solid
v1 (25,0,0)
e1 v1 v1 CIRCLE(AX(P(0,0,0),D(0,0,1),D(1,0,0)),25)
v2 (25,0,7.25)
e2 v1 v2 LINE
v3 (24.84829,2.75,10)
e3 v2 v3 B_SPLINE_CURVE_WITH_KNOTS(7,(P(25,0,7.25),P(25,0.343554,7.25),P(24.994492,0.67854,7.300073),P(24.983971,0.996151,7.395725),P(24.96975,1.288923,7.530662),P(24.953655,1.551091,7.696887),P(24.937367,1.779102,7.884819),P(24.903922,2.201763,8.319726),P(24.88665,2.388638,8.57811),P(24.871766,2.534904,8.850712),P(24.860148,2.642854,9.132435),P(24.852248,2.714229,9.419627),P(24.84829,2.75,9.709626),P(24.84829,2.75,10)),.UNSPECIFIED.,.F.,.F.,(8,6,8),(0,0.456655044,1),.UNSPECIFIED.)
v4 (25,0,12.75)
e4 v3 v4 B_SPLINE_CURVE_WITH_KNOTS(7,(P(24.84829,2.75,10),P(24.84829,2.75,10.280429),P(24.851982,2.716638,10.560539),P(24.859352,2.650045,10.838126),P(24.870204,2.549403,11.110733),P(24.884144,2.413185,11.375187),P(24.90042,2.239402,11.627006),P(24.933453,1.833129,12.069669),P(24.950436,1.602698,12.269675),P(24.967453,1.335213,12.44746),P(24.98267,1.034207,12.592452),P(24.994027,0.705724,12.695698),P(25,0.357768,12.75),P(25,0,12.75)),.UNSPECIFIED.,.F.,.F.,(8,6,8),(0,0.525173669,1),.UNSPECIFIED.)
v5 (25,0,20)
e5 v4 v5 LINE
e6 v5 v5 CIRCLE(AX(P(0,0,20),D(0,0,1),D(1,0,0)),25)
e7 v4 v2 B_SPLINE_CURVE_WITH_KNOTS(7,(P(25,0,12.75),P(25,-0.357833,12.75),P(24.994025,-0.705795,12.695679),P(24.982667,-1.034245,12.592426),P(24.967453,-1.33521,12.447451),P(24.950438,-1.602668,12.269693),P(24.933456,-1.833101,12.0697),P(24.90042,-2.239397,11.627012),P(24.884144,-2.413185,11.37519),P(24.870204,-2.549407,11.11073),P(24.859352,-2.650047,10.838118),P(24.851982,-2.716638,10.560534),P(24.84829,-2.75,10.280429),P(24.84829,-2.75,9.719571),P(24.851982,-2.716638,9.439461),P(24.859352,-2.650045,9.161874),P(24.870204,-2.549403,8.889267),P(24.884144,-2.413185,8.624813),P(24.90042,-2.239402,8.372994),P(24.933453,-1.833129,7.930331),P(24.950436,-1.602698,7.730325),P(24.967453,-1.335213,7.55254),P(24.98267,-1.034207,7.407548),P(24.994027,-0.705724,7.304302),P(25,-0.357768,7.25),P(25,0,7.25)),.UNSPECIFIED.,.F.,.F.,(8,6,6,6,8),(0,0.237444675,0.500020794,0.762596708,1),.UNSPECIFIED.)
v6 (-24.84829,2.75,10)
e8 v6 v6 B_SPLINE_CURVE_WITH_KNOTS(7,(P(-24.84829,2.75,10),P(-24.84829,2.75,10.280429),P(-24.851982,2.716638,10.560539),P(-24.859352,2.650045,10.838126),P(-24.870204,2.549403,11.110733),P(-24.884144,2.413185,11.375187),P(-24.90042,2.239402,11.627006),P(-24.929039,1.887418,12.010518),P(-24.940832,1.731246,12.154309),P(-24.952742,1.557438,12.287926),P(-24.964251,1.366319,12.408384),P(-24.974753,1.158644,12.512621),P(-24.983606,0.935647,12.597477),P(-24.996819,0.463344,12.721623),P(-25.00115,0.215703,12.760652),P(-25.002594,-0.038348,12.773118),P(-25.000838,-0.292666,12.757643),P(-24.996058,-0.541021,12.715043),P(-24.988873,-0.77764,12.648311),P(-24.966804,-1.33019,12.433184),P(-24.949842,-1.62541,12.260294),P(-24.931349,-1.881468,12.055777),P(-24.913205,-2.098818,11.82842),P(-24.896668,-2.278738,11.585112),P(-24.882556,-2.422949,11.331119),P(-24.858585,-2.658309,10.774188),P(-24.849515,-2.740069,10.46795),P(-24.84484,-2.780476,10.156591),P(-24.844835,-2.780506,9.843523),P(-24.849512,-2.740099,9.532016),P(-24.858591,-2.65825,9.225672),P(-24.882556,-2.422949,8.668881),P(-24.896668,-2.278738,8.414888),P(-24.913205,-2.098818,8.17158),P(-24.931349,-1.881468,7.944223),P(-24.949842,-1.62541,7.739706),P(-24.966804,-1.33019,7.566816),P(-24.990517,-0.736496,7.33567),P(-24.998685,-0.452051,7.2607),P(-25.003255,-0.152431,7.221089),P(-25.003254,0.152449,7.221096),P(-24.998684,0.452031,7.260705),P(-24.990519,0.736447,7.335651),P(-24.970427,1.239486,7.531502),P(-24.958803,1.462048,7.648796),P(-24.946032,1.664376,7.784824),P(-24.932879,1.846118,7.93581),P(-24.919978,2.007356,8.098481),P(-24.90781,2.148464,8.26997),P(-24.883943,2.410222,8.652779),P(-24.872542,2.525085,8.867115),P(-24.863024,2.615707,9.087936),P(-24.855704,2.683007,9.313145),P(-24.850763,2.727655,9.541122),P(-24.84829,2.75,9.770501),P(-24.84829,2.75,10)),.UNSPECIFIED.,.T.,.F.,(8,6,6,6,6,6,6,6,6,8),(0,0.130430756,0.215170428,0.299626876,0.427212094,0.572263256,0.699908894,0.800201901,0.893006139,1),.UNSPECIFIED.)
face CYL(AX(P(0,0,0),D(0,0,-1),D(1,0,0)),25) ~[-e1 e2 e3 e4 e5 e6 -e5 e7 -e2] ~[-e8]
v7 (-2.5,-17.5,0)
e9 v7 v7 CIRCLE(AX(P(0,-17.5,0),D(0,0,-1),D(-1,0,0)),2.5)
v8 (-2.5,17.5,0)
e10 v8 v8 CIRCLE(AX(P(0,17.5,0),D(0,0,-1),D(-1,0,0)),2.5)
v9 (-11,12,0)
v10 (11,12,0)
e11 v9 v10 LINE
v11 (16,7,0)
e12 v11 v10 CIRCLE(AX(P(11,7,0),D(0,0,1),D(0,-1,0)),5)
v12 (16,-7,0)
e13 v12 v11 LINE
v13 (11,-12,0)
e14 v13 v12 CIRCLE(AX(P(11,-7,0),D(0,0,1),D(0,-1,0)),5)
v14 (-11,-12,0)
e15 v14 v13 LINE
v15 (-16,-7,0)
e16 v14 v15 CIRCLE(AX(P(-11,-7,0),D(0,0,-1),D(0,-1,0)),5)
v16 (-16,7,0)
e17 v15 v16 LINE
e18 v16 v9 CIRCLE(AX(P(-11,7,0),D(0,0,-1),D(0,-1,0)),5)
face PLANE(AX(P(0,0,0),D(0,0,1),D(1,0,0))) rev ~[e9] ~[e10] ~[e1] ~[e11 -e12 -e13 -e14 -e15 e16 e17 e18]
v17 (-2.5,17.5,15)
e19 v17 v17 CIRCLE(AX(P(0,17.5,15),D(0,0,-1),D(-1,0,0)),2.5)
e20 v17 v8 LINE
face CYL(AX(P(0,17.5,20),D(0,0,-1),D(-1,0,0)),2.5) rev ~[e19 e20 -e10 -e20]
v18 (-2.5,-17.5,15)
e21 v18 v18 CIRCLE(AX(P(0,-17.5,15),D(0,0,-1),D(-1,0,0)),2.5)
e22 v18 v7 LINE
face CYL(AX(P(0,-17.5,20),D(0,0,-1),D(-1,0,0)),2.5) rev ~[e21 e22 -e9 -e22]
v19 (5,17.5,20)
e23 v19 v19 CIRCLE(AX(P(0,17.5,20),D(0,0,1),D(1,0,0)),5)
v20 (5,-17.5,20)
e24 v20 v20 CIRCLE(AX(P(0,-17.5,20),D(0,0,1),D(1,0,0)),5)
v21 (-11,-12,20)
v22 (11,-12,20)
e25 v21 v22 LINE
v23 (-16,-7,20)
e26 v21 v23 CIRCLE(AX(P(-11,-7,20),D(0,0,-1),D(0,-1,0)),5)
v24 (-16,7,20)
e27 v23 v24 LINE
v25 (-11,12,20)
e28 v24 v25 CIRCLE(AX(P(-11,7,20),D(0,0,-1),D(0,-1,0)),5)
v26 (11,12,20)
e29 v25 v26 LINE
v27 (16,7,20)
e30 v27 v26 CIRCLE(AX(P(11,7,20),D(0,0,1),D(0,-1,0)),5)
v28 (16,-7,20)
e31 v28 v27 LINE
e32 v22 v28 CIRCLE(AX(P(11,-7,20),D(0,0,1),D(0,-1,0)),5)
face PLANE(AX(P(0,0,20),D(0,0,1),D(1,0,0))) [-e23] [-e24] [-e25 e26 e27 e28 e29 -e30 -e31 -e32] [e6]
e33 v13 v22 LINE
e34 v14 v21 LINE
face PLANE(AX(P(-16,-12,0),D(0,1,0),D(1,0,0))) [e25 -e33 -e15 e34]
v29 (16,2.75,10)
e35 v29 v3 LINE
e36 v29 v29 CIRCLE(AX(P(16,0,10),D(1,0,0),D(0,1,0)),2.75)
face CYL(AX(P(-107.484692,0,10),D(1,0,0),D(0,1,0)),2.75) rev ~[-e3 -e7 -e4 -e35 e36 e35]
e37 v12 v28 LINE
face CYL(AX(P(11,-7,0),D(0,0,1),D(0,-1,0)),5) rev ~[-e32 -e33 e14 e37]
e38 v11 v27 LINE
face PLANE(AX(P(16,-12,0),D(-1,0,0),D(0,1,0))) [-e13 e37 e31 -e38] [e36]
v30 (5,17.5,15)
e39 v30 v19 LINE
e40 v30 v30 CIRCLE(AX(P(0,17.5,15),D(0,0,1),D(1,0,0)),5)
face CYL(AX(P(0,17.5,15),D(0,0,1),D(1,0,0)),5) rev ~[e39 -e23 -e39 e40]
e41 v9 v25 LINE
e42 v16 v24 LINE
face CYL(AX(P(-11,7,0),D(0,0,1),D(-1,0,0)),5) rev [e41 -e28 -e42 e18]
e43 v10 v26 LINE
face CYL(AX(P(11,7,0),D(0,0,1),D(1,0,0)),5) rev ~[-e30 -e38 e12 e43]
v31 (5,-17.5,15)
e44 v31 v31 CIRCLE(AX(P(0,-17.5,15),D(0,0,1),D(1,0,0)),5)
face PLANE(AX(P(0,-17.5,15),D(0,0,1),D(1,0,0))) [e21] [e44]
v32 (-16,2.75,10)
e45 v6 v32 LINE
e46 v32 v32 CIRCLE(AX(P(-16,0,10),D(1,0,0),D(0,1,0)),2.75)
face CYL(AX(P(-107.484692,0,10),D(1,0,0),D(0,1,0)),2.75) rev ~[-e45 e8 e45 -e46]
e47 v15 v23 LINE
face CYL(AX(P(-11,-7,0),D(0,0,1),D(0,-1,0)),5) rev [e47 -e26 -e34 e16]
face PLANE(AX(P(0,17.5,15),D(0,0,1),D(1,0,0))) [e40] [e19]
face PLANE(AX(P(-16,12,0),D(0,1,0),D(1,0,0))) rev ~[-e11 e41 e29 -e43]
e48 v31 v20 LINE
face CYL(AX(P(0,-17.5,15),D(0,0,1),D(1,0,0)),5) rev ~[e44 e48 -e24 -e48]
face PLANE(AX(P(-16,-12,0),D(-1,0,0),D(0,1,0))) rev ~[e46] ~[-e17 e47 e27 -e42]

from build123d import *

# Parameters (mm, degrees)
F0_R           = 25
F0_W           = 32
F0_H           = 24
F1_DEPTH       = 20
F3_D           = 5
F3_CBORE_D     = 10
F3_CBORE_DEPTH = 5
F6_D           = 5.5
F7_R           = 5


with BuildPart() as f1:
    # F0 (on Top) → F1 (new body)
    with BuildSketch(Plane.XY):
        Circle(F0_R)
        Rectangle(F0_W, F0_H, mode=Mode.SUBTRACT)
    extrude(amount=F1_DEPTH)

    # F3 (through all)
    with Locations(Plane.XY.offset(20)):
        with Locations((0, 17.5), (0, -17.5)):
            CounterBoreHole(F3_D / 2, F3_CBORE_D / 2, F3_CBORE_DEPTH)

    # F6 (through all)
    with Locations(Plane(origin=(-34, 0, 0), x_dir=(0, -1, 0), z_dir=(-1, 0, 0))):
        with Locations((0, 10)):
            Hole(F6_D / 2)

    # F7
    f7_edges = [f1.edges().sort_by_distance(p)[0] for p in [
        (16, 12, 10),
        (-16, 12, 10),
        (-16, -12, 10),
        (16, -12, 10),
    ]]
    fillet(f7_edges, radius=F7_R)


solid = f1.part
